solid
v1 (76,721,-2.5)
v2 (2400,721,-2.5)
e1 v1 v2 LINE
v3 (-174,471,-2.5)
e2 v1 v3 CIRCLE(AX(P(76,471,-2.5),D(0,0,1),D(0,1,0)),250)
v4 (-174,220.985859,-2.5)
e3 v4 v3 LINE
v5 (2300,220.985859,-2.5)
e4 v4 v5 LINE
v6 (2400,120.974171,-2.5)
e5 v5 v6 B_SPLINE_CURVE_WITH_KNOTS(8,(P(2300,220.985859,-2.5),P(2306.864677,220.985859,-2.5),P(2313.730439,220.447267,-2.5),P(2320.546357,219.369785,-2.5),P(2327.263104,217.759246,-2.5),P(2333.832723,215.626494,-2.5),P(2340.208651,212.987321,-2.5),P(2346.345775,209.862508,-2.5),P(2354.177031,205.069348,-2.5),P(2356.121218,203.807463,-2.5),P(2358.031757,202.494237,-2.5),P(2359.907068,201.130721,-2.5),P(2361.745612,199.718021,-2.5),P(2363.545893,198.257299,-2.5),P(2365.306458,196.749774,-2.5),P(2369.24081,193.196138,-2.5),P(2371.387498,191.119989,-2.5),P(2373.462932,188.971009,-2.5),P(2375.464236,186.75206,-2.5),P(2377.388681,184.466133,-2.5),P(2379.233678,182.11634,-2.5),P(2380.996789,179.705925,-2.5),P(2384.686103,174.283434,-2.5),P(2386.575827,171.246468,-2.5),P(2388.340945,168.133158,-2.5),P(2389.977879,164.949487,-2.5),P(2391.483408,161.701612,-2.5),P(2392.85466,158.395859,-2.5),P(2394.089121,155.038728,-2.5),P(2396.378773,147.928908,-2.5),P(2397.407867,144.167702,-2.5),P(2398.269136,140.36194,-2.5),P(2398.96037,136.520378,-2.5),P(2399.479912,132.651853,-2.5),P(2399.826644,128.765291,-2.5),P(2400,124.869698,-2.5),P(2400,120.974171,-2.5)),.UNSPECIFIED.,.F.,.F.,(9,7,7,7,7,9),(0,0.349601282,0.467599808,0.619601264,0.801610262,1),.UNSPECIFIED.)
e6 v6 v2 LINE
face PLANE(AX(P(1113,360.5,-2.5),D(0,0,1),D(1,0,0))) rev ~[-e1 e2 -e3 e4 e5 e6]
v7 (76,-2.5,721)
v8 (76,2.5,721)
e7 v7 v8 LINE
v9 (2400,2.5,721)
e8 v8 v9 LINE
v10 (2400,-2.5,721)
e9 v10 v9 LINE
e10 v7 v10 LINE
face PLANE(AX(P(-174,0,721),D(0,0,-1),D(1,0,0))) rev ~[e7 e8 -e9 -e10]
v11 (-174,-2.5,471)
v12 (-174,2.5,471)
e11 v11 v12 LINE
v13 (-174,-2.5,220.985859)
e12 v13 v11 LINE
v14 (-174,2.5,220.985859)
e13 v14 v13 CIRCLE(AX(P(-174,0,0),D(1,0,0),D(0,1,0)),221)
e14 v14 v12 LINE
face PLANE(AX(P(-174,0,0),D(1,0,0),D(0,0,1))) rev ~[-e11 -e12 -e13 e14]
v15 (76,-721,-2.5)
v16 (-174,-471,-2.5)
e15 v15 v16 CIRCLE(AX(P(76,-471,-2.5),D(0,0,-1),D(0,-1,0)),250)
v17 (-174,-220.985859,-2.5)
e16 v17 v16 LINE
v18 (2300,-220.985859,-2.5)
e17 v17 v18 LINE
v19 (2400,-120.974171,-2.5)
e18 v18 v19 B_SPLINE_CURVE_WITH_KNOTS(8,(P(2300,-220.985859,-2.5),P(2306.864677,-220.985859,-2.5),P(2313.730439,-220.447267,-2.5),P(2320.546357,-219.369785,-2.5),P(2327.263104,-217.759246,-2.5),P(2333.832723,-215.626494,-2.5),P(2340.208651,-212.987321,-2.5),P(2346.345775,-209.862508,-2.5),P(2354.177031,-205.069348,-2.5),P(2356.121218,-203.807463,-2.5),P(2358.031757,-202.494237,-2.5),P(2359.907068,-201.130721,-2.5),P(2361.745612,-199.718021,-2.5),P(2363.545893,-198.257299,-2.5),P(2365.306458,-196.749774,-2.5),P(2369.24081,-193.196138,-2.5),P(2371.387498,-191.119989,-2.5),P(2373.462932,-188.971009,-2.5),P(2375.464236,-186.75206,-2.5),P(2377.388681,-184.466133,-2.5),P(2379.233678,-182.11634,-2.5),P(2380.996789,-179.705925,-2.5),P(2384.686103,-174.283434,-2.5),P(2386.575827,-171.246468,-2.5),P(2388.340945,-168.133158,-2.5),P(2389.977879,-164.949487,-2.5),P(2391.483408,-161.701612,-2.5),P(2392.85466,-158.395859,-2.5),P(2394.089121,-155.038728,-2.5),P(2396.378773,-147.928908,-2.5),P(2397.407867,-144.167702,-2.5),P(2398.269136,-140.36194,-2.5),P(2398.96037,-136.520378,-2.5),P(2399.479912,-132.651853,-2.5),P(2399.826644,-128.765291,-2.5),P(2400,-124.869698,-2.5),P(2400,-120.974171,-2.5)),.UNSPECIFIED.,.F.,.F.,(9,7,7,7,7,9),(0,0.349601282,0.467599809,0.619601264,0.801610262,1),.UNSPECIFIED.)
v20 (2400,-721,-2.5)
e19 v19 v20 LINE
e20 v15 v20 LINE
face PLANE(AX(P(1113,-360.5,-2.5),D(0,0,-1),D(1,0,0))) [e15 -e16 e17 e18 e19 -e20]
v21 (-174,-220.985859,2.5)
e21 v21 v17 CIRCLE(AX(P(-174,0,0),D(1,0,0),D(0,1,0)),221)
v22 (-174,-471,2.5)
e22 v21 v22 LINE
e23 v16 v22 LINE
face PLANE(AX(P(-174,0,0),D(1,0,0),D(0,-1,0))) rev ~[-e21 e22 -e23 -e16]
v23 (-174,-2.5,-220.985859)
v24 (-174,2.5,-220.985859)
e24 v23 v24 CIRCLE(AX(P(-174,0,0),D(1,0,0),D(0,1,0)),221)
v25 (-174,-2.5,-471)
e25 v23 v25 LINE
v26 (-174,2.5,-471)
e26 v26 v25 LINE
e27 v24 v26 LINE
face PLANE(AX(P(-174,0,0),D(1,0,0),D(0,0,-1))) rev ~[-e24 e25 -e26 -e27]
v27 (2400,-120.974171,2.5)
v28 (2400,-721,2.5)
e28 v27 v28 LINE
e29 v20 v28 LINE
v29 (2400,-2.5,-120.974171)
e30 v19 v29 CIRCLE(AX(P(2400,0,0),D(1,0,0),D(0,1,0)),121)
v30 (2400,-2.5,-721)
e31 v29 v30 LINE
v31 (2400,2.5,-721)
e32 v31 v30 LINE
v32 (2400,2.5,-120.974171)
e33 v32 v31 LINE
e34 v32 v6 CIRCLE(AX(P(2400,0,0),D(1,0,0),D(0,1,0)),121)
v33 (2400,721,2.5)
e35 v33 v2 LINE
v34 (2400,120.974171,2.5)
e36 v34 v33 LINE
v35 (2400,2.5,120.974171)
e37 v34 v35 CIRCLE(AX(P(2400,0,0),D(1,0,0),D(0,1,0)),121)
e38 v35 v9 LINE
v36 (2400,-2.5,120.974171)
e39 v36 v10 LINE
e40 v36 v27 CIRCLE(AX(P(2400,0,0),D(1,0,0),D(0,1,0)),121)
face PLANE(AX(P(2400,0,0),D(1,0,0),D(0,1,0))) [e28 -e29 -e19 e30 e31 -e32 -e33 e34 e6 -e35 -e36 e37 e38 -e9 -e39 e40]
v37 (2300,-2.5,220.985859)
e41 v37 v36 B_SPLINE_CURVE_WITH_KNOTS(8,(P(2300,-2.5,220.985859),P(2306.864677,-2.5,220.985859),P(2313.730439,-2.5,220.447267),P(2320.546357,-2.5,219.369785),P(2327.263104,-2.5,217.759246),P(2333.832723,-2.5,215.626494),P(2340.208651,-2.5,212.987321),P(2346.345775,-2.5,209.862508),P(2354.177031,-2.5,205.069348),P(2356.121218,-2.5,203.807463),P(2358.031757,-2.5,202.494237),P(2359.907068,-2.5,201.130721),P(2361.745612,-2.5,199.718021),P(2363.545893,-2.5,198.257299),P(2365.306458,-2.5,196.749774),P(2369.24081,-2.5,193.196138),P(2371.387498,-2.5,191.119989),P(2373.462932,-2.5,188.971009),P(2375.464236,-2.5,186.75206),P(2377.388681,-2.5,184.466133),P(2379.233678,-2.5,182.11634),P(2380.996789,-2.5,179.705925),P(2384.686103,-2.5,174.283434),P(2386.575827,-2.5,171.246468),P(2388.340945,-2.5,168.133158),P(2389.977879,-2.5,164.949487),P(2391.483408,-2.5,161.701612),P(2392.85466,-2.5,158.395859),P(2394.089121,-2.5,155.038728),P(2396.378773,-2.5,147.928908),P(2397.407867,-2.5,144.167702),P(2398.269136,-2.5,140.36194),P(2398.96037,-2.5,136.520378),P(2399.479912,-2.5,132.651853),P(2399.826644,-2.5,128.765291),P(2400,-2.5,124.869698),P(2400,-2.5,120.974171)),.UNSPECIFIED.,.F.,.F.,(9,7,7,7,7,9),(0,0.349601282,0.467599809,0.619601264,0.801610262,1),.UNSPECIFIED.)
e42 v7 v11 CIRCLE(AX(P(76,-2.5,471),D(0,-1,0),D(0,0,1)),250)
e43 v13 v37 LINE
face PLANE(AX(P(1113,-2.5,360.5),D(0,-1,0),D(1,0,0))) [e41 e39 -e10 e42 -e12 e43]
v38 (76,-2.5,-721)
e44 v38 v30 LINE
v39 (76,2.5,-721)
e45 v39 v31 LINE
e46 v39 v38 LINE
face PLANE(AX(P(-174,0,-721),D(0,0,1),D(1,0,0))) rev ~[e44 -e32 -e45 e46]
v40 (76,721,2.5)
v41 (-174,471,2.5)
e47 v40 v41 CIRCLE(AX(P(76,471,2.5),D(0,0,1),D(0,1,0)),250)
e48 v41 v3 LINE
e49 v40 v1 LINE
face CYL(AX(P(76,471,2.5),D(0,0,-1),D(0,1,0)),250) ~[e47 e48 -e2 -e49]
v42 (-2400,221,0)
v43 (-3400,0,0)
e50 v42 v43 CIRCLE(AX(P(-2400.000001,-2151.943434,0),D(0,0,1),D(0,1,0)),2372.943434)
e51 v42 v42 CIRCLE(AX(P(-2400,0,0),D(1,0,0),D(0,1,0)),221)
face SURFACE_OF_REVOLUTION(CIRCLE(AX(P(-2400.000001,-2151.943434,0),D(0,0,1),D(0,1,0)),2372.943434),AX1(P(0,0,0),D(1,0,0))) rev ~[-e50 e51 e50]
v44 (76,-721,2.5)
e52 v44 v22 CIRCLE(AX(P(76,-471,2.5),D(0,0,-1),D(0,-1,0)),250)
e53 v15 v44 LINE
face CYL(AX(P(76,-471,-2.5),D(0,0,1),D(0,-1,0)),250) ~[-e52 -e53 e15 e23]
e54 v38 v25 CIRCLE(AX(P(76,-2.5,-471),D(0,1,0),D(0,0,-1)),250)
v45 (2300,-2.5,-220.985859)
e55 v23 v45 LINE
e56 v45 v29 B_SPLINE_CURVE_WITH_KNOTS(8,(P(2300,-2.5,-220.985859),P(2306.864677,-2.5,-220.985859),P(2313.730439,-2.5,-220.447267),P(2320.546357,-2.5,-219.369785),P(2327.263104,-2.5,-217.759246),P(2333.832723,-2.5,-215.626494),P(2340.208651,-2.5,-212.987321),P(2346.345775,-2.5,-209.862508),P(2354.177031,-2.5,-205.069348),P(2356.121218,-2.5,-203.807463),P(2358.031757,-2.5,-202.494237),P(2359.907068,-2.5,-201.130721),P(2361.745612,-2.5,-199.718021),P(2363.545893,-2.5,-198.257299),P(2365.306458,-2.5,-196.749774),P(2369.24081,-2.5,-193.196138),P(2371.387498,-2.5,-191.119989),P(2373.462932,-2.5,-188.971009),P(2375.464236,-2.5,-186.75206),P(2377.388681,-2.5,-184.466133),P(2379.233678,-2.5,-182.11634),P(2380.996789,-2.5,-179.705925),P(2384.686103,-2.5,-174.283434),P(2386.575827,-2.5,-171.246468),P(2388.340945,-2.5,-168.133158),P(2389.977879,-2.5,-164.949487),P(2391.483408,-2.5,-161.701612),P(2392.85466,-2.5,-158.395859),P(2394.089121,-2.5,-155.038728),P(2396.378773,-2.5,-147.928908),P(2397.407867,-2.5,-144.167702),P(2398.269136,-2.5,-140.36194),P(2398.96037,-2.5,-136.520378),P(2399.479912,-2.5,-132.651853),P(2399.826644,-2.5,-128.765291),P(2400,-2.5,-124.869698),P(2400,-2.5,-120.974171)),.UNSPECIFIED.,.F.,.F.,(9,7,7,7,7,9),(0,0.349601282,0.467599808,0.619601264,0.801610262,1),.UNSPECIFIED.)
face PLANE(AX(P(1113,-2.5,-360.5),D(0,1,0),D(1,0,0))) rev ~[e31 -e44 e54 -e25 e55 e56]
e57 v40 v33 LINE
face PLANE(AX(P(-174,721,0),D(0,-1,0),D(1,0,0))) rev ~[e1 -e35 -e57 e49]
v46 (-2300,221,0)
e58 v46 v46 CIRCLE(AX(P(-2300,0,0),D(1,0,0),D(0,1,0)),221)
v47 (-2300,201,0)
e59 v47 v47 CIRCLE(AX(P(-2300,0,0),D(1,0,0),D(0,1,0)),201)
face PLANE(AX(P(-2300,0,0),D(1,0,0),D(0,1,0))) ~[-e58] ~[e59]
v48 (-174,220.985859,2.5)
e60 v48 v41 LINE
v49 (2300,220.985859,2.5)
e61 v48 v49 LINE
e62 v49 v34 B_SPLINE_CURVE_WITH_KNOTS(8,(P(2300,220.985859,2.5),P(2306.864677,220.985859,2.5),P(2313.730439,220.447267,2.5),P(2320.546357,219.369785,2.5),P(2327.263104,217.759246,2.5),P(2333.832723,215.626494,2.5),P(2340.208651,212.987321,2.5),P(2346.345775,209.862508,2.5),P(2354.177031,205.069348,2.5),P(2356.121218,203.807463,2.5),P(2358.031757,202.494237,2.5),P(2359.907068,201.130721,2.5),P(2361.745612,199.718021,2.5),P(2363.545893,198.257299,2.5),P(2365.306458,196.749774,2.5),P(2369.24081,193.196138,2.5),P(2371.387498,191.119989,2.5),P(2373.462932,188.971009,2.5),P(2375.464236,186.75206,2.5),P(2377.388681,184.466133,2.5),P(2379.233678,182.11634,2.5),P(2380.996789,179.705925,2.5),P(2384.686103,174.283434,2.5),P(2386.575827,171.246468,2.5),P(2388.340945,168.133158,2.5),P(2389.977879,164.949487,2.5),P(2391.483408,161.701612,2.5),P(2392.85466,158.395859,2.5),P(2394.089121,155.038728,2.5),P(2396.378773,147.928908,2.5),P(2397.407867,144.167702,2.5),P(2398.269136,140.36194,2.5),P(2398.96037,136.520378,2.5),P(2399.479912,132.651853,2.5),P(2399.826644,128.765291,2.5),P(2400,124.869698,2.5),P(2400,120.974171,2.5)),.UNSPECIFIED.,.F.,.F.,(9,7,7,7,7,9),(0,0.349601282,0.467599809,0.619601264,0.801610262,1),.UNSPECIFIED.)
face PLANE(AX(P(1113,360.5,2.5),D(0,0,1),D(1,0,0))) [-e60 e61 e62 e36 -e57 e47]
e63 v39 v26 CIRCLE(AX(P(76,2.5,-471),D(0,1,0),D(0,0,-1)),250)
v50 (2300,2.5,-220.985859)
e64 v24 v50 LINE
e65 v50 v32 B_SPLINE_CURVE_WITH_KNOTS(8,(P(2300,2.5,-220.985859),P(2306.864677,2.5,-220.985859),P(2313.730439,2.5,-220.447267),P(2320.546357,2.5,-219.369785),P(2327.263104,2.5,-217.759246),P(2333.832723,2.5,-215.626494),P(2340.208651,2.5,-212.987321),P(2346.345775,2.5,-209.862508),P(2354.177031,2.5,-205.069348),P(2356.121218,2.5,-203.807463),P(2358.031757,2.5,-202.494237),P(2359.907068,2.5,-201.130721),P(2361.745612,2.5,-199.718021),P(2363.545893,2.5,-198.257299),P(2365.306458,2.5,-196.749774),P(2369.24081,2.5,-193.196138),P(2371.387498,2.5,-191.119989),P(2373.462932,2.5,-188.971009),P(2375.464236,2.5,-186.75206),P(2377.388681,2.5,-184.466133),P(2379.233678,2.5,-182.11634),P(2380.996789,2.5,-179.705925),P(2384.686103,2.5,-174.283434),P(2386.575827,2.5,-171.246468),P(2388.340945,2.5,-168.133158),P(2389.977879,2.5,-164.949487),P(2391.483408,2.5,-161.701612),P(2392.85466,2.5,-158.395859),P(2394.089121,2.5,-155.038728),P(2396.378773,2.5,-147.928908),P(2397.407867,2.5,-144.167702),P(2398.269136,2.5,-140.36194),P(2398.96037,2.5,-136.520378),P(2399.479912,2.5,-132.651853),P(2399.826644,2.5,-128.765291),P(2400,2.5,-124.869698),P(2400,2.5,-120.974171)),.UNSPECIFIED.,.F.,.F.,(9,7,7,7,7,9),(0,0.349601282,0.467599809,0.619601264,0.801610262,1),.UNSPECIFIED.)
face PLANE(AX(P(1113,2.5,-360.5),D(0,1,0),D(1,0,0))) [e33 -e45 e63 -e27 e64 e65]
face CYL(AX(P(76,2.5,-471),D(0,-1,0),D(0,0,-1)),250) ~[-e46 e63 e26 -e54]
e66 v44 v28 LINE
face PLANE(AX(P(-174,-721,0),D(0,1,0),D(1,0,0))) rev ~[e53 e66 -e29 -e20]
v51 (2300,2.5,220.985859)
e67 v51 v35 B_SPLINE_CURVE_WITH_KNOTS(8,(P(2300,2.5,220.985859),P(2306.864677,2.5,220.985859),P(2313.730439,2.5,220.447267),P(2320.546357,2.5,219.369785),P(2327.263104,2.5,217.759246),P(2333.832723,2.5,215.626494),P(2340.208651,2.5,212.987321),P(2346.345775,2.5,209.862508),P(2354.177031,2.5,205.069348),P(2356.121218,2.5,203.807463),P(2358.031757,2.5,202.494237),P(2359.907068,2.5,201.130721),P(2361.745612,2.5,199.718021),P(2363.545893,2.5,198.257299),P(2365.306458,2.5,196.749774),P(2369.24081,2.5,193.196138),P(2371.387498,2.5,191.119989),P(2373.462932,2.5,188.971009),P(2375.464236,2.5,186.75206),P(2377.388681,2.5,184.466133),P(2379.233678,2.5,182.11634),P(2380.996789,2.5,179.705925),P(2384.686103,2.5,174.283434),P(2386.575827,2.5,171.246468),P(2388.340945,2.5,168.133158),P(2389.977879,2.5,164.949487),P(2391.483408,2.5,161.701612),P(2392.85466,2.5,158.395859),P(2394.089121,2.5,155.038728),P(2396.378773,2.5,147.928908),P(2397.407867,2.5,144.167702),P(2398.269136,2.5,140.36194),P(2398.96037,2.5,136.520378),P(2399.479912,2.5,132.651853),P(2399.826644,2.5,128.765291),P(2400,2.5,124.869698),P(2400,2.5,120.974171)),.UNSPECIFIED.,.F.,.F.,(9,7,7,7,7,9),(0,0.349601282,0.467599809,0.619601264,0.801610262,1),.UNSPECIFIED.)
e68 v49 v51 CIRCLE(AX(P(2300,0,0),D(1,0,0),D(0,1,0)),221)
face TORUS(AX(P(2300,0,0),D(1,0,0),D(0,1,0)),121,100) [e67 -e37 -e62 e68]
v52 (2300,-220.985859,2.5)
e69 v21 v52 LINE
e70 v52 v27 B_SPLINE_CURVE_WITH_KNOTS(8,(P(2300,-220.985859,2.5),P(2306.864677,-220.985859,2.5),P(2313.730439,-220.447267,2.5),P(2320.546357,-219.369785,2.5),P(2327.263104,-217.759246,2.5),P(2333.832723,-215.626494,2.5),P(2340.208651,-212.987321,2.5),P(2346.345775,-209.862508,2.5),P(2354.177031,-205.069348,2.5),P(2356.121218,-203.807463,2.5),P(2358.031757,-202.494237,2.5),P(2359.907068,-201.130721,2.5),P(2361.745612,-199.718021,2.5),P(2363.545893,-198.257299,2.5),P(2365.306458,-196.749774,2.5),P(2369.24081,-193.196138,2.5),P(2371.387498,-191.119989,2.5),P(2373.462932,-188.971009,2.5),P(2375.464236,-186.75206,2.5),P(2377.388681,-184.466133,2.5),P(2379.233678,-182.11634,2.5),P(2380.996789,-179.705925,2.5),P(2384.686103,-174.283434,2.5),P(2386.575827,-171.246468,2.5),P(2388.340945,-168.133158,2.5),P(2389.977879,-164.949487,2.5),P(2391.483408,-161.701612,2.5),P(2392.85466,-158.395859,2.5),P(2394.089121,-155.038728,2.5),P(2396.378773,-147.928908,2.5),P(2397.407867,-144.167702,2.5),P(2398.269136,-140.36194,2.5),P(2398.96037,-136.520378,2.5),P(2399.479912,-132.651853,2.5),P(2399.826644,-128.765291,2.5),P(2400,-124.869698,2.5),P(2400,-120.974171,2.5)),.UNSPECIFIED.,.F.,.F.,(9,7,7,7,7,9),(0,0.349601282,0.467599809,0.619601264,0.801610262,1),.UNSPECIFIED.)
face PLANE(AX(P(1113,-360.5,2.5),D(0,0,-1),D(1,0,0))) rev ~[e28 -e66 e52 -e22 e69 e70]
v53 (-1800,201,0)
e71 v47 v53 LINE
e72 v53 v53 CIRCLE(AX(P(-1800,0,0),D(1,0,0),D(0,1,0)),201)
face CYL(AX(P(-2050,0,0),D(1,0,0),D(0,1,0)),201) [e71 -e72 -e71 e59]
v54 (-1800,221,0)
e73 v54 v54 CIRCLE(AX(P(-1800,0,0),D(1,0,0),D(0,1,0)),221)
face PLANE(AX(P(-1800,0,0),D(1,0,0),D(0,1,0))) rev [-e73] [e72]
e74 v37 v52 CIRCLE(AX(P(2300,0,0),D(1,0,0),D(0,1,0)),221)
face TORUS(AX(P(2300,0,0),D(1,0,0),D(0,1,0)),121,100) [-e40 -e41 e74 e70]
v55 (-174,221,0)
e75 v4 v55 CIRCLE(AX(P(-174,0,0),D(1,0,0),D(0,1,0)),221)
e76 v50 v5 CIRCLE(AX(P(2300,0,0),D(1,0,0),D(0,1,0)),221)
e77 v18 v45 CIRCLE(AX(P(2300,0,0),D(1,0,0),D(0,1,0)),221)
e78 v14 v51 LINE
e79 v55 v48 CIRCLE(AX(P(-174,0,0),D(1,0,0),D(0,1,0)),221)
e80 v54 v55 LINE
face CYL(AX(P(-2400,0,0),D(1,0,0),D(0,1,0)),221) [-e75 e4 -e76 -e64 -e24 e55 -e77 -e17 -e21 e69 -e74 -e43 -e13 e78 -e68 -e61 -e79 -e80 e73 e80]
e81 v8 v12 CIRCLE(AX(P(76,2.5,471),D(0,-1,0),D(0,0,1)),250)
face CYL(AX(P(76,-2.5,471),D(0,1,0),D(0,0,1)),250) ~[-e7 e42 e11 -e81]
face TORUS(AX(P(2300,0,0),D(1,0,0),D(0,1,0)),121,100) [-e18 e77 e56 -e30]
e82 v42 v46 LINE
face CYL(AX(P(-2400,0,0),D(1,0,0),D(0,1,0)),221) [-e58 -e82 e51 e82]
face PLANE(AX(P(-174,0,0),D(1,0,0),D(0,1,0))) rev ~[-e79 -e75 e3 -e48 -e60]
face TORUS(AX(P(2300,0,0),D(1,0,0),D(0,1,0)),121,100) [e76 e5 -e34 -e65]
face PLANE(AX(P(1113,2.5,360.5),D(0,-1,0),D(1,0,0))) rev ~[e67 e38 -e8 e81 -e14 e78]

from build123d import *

# Parameters (mm, degrees)
FILLET_R           = 100
SKETCH001_W        = 2574
SKETCH001_H        = 721
PAD_DEPTH          = 2.5
POLARPATTERN_COUNT = 4
FILLET001_R        = 250
SKETCH002_W        = 500
SKETCH002_H        = 20


with BuildPart() as part:
    # Sketch → Revolution (revolve)
    with BuildSketch(Plane.XY):
        with BuildLine():
            Line((-2400, 221), (2400, 221))
            Line((2400, 221), (2400, 0))
            Line((2400, 0), (-2400, 0))
            Line((-3400, 0), (-2400, 0))
            ThreePointArc((-2400, 221), (-2912.064693, 165.091372), (-3400, 0))
        make_face()
    revolve(axis=Axis((0, 0, 0), (1, 0, 0)))

    # Fillet
    fillet_edges = [part.edges().sort_by_distance(p)[0] for p in [
        (2400, -221, 0),
    ]]
    fillet(fillet_edges, radius=FILLET_R)

    # Sketch001 → Pad (new body, symmetric)
    with BuildSketch(Plane.XY):
        with Locations((1113, 360.5)):
            Rectangle(SKETCH001_W, SKETCH001_H)
    pad = extrude(amount=PAD_DEPTH, both=True)

    # PolarPattern: Pad ×4 about axis
    polarpattern_axis = Axis((0, 0, 0), (1, 0, 0))
    for i in range(1, POLARPATTERN_COUNT):
        add(pad.rotate(polarpattern_axis, i * 360 / POLARPATTERN_COUNT))

    # Fillet001
    fillet001_edges = [part.edges().sort_by_distance(p)[0] for p in [
        (-174, 0, 721),
        (-174, 721, 0),
        (-174, -721, 0),
        (-174, 0, -721),
    ]]
    fillet(fillet001_edges, radius=FILLET001_R)

    # Sketch002 → Groove (revolve, cut)
    with BuildSketch(Plane.XY):
        with Locations((-2050, 211)):
            Rectangle(SKETCH002_W, SKETCH002_H)
    revolve(axis=Axis((0, 0, 0), (1, 0, 0)), mode=Mode.SUBTRACT)


solid = part.part
